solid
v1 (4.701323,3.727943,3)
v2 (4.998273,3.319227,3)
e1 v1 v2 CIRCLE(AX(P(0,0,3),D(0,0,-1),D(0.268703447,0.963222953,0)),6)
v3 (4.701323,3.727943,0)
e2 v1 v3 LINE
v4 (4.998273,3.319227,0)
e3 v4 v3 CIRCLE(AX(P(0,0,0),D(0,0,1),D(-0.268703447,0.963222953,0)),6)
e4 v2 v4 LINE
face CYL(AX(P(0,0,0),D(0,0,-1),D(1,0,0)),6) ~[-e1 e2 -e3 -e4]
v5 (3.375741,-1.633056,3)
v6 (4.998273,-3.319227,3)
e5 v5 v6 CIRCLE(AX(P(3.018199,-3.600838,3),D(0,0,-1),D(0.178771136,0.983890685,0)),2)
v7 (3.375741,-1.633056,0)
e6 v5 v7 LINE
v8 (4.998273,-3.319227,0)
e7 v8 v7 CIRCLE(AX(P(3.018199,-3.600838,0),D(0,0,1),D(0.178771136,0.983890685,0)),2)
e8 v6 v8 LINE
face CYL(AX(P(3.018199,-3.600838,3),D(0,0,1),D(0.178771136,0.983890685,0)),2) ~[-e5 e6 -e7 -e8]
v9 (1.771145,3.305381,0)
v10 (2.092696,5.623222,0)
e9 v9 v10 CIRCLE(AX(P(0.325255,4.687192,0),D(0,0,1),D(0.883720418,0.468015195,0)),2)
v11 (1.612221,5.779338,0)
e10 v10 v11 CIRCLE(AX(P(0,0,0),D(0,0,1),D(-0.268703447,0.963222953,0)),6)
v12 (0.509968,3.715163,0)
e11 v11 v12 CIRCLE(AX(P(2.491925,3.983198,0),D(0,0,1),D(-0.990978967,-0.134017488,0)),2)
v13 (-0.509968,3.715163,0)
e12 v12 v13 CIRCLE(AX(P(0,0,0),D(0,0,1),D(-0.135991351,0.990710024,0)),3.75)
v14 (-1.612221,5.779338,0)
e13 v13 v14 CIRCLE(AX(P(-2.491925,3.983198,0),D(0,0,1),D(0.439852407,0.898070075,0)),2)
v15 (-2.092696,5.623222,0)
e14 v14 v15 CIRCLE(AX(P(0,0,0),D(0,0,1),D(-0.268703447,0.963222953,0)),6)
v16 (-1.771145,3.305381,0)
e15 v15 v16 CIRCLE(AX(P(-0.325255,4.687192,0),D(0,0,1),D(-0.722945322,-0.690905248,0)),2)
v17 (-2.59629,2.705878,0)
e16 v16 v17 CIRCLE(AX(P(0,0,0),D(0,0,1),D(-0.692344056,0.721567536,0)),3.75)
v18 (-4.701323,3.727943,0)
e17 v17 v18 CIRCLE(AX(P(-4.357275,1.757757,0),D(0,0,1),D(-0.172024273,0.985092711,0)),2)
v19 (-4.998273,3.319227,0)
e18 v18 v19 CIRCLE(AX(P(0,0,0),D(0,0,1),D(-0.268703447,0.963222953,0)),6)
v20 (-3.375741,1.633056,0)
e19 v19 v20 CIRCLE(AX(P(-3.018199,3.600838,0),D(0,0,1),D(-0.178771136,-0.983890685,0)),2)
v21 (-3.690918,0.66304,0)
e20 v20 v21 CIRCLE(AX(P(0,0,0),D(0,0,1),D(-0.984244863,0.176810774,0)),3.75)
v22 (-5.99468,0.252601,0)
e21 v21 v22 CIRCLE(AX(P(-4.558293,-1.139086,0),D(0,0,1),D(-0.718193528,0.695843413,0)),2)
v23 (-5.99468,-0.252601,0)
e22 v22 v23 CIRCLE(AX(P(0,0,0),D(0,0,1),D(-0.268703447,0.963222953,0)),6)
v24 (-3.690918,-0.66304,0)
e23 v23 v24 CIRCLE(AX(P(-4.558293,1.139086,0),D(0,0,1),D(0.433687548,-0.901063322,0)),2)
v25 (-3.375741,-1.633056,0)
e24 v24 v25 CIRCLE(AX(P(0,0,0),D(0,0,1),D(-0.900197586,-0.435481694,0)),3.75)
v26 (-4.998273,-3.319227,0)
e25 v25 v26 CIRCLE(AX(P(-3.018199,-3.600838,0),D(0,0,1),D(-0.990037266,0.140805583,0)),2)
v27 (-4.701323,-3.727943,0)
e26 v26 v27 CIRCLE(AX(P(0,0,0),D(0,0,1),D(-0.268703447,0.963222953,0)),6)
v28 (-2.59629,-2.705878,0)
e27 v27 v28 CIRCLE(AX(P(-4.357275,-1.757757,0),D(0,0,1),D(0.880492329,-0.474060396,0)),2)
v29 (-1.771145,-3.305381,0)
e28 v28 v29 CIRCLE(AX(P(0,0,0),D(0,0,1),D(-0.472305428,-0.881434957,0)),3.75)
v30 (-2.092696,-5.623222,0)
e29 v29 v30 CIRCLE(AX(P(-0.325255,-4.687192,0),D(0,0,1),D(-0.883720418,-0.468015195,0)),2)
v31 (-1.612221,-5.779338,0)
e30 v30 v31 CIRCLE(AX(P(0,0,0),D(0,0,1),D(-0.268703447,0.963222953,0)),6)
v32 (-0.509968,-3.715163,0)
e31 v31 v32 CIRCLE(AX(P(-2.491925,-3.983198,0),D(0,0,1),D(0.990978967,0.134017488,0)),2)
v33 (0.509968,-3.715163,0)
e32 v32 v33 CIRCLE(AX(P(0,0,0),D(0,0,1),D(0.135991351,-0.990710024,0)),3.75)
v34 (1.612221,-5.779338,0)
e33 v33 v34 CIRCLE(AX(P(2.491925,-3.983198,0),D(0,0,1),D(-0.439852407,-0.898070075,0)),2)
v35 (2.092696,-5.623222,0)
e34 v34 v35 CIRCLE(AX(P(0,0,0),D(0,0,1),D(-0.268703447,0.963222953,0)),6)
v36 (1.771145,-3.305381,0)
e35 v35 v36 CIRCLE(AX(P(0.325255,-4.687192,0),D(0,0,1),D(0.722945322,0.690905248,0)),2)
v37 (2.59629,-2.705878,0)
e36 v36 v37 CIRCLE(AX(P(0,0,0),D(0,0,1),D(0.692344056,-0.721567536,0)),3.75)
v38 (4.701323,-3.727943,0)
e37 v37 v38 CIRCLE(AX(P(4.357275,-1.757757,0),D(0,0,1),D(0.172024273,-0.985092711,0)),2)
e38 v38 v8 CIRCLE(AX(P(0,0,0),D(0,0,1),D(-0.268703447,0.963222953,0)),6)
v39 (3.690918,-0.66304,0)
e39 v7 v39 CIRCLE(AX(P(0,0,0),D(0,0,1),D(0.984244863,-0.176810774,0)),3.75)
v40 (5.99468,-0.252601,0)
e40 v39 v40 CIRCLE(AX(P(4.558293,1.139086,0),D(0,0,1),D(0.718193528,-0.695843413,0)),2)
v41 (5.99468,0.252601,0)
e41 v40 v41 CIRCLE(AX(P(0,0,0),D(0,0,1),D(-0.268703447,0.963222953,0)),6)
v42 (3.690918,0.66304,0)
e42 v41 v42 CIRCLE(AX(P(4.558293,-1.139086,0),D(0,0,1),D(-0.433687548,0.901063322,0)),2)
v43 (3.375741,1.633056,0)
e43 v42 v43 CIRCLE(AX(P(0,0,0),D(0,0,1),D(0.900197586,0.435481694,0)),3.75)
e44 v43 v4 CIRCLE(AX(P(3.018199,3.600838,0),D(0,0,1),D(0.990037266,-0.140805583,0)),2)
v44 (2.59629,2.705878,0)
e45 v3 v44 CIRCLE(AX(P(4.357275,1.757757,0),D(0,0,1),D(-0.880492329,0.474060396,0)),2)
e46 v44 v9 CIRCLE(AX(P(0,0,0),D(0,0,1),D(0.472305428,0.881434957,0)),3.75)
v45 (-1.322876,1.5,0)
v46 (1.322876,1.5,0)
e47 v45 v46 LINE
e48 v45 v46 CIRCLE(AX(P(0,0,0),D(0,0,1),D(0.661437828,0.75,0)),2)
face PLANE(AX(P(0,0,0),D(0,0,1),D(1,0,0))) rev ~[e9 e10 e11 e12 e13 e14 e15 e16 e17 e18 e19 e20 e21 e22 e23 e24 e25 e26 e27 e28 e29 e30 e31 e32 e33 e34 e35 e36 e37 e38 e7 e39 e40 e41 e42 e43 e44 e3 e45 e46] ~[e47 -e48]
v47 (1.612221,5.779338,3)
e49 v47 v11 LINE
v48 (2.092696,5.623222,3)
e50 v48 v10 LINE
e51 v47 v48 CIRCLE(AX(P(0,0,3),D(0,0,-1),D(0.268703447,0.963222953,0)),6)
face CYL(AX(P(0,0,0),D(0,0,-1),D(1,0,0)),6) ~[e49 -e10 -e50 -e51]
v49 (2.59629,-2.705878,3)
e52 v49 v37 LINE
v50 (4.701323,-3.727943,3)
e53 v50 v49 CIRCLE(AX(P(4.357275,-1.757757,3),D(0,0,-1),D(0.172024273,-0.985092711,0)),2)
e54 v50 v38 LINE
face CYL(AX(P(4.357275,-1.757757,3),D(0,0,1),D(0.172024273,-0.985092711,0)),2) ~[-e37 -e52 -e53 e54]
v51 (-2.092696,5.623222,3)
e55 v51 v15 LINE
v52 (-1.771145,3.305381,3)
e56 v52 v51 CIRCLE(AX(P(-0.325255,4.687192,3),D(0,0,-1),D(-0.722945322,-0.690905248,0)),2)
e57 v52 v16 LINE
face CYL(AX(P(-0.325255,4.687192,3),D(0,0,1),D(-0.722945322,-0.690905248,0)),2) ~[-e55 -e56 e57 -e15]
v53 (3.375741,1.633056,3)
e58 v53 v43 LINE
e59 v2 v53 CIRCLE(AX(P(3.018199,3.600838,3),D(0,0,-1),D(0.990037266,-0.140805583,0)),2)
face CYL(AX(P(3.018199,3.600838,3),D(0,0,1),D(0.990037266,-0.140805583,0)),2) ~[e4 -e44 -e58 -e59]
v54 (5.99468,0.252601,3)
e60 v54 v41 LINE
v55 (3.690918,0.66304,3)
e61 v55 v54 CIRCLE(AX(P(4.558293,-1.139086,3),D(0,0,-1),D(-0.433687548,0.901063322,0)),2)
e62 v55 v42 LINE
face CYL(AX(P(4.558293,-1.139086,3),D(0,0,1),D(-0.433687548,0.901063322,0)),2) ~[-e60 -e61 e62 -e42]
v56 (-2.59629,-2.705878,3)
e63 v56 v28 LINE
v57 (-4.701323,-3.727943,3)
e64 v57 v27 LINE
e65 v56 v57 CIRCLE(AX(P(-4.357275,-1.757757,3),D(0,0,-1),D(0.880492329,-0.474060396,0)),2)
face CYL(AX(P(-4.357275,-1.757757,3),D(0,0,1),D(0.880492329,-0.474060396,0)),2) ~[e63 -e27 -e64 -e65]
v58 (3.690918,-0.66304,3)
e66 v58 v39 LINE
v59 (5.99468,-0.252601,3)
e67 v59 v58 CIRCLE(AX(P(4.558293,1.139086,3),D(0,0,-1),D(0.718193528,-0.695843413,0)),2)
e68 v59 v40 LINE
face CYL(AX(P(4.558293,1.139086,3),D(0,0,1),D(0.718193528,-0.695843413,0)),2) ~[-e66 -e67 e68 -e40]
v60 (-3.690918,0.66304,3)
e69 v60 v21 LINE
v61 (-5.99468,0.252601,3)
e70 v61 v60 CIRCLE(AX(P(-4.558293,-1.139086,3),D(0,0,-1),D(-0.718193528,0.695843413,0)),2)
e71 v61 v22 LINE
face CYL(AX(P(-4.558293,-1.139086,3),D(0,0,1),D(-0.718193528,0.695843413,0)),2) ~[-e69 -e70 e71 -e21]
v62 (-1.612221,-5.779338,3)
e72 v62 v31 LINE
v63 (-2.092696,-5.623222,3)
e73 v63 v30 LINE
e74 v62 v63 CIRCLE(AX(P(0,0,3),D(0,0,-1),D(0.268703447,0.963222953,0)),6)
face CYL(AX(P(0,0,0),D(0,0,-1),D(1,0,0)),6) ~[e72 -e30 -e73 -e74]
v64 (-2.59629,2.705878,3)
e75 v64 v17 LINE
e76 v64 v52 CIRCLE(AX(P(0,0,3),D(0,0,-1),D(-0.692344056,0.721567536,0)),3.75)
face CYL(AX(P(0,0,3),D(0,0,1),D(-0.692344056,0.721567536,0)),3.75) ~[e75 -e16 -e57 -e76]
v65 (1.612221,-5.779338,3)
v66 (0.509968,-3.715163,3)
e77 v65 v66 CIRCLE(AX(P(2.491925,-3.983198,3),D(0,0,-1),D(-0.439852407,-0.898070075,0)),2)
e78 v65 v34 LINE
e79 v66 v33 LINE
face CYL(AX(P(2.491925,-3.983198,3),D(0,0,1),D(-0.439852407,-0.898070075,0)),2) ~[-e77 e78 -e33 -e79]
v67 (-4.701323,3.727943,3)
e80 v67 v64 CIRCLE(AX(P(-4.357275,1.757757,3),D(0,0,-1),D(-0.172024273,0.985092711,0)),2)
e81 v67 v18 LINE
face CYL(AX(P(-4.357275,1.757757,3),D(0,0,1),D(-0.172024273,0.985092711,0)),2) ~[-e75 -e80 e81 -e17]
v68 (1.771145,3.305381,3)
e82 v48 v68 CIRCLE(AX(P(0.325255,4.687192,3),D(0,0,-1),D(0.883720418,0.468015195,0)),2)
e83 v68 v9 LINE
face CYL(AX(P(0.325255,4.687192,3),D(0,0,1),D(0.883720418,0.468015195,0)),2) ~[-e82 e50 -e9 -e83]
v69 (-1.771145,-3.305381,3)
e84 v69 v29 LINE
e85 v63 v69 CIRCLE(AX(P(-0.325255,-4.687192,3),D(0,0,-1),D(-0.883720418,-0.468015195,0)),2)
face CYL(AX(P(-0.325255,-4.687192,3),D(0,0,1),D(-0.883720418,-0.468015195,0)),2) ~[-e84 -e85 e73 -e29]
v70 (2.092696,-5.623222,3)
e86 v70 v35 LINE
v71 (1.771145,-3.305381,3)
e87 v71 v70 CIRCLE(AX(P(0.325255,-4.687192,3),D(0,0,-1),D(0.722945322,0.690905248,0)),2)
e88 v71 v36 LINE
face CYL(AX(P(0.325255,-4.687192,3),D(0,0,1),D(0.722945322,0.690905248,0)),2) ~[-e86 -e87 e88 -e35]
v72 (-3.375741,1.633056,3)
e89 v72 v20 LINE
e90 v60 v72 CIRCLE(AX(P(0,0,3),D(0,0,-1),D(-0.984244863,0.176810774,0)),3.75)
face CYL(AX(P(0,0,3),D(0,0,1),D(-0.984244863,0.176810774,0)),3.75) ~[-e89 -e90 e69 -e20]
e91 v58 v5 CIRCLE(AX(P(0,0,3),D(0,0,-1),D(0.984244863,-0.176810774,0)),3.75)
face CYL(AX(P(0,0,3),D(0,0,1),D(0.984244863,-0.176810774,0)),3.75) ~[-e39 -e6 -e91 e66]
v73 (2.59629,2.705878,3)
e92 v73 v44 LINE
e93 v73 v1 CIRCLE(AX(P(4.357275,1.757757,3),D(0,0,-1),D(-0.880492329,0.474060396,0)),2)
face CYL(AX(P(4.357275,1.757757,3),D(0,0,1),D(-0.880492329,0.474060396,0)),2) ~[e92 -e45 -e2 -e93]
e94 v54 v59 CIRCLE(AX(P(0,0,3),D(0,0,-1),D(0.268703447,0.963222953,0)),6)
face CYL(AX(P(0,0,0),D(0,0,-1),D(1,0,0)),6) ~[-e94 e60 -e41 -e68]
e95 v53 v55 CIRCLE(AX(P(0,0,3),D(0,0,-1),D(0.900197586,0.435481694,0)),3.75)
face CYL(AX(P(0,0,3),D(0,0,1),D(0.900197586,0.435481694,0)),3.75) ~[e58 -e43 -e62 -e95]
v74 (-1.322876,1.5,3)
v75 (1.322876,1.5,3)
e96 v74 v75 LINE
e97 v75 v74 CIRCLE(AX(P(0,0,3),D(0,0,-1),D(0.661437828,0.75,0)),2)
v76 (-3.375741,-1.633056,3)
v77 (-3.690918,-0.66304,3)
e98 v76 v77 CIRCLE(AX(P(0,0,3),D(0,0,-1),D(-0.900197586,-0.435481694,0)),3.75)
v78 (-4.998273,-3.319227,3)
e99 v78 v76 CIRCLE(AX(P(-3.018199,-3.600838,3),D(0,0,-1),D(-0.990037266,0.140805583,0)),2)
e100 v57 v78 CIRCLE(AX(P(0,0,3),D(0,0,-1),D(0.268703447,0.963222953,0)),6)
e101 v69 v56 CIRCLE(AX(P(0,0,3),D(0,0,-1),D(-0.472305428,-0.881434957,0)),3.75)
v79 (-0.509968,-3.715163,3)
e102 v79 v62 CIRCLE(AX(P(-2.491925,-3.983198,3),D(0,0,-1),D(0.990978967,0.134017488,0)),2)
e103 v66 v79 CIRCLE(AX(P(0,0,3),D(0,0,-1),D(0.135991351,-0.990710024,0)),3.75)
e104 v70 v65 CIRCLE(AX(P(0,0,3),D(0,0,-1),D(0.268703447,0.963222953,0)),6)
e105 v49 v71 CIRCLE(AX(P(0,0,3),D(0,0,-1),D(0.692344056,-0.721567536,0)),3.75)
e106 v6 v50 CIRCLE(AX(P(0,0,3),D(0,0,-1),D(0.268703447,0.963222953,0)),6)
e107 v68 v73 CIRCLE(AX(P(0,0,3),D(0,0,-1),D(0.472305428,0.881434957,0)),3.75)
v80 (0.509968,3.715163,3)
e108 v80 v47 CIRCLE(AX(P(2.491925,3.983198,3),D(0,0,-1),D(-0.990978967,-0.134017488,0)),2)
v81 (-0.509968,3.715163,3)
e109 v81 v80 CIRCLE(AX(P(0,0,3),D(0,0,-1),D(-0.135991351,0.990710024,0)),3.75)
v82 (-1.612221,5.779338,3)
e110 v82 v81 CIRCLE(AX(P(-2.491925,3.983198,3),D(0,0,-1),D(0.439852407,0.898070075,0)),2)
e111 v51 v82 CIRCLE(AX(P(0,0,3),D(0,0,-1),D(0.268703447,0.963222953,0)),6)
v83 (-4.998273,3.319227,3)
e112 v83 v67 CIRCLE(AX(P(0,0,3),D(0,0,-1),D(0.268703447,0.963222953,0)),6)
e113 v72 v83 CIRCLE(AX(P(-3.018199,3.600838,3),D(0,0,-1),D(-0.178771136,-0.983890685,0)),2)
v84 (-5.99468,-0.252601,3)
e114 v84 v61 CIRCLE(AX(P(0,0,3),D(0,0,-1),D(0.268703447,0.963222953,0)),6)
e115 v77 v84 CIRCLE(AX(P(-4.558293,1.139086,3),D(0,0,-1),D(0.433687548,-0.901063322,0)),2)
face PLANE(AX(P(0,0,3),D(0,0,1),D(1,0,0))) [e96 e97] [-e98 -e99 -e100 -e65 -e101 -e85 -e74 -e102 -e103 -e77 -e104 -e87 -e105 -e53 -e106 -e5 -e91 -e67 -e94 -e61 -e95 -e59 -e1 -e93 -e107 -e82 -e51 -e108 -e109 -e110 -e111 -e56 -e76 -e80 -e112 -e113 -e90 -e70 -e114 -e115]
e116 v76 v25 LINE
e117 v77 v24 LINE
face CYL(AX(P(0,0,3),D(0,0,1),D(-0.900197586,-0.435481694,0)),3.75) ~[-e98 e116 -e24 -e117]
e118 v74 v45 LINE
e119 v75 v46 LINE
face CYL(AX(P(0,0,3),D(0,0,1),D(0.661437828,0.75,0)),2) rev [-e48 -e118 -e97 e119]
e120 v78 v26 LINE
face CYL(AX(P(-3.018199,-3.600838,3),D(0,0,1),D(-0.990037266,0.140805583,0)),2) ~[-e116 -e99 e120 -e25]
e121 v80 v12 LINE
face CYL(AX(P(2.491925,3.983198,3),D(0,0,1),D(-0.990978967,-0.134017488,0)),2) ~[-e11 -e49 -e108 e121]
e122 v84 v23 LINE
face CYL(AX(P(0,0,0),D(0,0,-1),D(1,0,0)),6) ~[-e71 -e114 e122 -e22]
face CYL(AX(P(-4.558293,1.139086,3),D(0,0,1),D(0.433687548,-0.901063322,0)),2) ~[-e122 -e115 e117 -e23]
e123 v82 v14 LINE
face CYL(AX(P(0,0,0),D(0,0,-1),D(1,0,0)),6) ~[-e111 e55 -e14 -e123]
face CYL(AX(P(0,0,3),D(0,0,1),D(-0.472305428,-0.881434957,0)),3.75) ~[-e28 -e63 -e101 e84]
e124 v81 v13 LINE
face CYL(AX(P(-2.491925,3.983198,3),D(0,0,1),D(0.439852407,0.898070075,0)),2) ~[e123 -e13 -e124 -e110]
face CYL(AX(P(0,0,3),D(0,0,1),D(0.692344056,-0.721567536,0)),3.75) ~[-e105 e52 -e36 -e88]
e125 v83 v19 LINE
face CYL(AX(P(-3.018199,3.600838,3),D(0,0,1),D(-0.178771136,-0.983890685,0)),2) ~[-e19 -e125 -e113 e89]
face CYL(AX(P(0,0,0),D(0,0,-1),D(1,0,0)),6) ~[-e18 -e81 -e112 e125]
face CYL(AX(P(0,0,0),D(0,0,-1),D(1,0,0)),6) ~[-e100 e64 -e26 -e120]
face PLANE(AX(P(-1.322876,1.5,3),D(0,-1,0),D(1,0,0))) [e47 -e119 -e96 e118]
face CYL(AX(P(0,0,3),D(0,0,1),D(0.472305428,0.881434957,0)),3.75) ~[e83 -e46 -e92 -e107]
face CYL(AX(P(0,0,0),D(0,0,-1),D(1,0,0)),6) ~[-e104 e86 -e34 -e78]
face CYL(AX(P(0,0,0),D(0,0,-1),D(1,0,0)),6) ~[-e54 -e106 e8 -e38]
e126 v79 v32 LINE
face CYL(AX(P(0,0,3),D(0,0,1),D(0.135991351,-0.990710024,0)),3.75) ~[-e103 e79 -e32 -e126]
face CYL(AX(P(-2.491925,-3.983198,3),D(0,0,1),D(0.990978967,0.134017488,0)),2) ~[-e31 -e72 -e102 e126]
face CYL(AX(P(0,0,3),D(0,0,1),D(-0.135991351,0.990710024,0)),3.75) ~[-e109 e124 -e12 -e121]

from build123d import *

# Parameters (mm, degrees)
SKETCH1_R           = 6
BOSS_EXTRUDE1_DEPTH = 3
CUT_EXTRUDE1_DEPTH  = 10
CIRPATTERN1_COUNT   = 10
CUT_EXTRUDE3_DEPTH  = 9.854419488


with BuildPart() as part:
    # Sketch1 → Boss-Extrude1 (new body)
    with BuildSketch(Plane.XY):
        Circle(SKETCH1_R)
    extrude(amount=BOSS_EXTRUDE1_DEPTH)

    # Sketch2 → Cut-Extrude1 (cut, through all)
    with BuildSketch(Plane.XY.offset(3)):
        with BuildLine():
            ThreePointArc((-1.61222068, 5.77933772), (-0.72770239, 4.925278691), (-0.50996756, 3.715162592))
            ThreePointArc((-0.50996756, 3.715162592), (0, 3.75), (0.50996756, 3.715162592))
            ThreePointArc((0.50996756, 3.715162592), (0.72770239, 4.925278691), (1.61222068, 5.77933772))
            ThreePointArc((1.61222068, 5.77933772), (0, 6), (-1.61222068, 5.77933772))
        make_face()
    cut_extrude1 = extrude(amount=-CUT_EXTRUDE1_DEPTH, mode=Mode.SUBTRACT)

    # CirPattern1: Cut-Extrude1 ×10 about axis
    cirpattern1_axis = Axis((0, 0, 0), (0, 0, 1))
    for i in range(1, CIRPATTERN1_COUNT):
        add(cut_extrude1.rotate(cirpattern1_axis, i * 360 / CIRPATTERN1_COUNT), mode=Mode.SUBTRACT)

    # Sketch4 → Cut-Extrude3 (cut, through all)
    with BuildSketch(Plane.XY.offset(3)):
        with BuildLine():
            Line((-1.322875656, 1.5), (1.322875656, 1.5))
            ThreePointArc((1.322875656, 1.5), (0, -2), (-1.322875656, 1.5))
        make_face()
    extrude(amount=-CUT_EXTRUDE3_DEPTH, mode=Mode.SUBTRACT)


solid = part.part
